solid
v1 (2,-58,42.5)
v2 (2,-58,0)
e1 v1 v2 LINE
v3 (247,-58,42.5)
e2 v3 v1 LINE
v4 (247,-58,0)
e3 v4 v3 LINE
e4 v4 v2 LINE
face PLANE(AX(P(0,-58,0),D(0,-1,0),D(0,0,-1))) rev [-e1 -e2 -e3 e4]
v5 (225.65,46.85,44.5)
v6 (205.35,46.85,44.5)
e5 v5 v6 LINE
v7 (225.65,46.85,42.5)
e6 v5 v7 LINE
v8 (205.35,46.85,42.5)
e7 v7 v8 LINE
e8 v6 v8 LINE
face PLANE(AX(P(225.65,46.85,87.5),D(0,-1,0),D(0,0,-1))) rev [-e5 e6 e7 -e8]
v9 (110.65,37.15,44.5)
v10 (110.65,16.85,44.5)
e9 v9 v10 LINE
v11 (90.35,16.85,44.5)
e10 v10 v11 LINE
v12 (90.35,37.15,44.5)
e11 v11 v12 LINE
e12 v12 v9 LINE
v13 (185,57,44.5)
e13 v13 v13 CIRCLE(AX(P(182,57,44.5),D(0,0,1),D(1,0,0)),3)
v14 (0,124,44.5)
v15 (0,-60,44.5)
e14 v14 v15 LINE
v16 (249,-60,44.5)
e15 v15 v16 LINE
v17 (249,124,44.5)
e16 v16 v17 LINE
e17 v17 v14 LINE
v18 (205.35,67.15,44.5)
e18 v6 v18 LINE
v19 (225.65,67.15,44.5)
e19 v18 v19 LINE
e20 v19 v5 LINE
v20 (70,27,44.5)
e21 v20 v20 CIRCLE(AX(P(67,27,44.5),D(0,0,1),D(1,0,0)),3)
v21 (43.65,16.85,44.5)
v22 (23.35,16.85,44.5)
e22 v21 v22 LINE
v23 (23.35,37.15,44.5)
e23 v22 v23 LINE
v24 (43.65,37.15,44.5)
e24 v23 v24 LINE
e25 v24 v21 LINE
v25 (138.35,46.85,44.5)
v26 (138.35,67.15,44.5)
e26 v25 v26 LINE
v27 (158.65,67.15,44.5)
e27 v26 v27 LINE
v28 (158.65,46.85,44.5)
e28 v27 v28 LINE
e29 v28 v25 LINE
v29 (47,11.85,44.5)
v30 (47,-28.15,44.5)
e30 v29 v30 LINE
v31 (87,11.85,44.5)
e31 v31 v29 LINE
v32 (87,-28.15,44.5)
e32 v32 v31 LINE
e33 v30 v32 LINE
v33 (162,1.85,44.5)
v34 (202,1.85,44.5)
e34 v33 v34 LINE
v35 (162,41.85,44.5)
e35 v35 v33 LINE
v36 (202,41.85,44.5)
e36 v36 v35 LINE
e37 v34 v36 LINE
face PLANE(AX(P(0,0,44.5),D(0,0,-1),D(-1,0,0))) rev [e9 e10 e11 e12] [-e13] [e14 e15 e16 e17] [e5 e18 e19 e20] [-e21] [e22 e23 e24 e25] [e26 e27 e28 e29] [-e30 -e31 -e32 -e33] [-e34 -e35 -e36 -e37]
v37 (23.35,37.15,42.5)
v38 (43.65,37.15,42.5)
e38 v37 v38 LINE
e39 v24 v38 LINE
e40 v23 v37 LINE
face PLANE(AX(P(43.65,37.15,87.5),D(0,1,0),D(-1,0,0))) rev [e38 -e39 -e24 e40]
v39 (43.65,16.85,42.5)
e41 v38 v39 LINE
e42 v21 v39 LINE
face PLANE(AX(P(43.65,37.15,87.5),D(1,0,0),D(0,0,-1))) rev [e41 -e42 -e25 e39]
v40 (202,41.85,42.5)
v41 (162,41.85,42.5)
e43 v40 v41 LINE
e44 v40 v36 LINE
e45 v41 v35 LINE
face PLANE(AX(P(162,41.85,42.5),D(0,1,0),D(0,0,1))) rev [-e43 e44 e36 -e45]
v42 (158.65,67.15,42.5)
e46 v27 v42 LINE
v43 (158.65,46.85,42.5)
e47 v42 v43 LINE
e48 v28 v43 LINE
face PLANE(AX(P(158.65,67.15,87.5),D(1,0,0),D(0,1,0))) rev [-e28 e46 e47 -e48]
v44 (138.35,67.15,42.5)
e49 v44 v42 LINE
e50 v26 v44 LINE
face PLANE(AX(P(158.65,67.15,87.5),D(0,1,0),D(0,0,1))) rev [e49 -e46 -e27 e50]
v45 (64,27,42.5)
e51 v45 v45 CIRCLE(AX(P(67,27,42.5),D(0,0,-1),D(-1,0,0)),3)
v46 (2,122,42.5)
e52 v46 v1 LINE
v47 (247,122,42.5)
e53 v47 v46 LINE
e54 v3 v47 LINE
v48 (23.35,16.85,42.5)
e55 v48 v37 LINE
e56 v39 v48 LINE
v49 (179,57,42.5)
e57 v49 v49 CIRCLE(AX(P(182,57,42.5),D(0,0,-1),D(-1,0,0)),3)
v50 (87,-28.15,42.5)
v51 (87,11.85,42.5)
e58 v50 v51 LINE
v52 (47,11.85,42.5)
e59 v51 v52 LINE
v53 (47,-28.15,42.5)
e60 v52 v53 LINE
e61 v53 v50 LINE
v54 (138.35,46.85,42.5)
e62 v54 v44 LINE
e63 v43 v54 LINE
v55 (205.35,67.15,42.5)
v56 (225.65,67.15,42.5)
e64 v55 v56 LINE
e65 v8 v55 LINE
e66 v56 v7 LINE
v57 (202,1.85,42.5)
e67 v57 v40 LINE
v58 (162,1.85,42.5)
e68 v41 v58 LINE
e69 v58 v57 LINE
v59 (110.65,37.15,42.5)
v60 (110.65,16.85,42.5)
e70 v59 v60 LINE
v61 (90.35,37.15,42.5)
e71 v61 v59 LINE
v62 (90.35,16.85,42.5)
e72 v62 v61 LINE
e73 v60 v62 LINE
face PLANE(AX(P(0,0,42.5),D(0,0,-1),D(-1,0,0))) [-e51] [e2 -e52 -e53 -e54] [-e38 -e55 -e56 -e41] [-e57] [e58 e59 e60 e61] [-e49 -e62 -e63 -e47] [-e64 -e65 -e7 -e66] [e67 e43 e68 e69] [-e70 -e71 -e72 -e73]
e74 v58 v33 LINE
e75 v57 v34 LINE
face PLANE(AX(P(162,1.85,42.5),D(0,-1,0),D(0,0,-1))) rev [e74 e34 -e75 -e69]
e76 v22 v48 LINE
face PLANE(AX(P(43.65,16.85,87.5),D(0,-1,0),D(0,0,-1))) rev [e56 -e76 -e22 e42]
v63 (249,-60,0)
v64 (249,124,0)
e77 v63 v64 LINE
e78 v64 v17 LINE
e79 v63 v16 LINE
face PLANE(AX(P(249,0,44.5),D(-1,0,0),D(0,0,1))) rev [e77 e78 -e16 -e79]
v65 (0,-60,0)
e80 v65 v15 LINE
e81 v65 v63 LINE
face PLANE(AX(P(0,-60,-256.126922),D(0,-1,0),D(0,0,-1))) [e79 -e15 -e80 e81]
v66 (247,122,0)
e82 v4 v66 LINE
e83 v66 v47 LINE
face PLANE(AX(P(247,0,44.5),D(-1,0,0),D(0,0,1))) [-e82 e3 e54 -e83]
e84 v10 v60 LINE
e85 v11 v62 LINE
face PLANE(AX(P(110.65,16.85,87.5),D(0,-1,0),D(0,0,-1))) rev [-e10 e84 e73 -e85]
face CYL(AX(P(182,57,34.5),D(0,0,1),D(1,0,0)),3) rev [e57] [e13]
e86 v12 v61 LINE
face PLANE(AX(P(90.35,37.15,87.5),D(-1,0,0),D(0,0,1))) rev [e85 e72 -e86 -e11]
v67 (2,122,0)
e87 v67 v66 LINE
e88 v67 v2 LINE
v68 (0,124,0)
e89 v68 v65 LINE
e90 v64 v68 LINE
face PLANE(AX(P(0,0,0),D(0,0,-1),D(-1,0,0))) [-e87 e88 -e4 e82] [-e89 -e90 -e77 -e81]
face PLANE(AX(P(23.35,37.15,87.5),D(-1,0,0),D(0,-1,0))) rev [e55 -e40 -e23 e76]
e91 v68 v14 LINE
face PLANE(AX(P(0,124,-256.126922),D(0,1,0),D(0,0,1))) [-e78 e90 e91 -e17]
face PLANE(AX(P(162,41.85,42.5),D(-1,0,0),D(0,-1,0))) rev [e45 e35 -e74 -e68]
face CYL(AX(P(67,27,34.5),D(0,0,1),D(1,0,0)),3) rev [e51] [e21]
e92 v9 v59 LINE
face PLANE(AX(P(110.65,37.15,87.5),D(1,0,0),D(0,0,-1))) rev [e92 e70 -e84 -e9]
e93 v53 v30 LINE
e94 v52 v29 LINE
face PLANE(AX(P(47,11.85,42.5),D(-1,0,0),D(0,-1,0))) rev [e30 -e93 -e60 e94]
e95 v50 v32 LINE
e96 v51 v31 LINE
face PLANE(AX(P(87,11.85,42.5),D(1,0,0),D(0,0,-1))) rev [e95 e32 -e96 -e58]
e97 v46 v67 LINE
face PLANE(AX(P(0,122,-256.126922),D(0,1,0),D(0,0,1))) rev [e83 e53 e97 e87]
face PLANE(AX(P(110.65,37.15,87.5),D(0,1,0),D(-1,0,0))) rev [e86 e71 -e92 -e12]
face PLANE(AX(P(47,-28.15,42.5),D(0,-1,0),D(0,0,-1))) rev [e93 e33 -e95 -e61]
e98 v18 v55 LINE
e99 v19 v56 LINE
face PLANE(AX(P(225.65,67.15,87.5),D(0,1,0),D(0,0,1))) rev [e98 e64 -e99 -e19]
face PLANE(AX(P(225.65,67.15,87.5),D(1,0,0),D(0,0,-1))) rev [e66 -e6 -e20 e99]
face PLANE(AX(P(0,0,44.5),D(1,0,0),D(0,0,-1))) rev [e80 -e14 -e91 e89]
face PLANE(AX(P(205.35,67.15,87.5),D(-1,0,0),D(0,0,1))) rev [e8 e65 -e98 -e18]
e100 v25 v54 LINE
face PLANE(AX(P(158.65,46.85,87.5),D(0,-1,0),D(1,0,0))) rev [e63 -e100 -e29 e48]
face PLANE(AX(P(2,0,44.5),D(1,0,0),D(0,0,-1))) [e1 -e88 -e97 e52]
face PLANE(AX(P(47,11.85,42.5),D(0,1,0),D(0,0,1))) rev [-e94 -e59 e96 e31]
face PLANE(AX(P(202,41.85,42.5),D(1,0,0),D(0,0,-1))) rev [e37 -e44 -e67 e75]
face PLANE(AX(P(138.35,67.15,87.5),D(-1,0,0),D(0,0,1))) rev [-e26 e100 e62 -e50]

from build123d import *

# Parameters (mm, degrees)
CROQUIS1_W              = 249
CROQUIS1_H              = 84
SALIENTE_EXTRUIR1_DEPTH = 44.5
VACIADO1_T              = -2
CROQUIS2_W              = 20.3
CROQUIS2_H              = 20.3
CORTAR_EXTRUIR1_DEPTH   = 45
CROQUIS4_R              = 3
CORTAR_EXTRUIR2_DEPTH   = 10
CROQUIS5_W              = 249
CROQUIS5_H              = 40
CROQUIS5_H_2            = 60
SALIENTE_EXTRUIR3_DEPTH = 44.5
CROQUIS7_W              = 245
CROQUIS7_H              = 40.5
CORTAR_EXTRUIR3_DEPTH   = 180
CROQUIS8_W              = 245
CROQUIS8_H              = 180
CORTAR_EXTRUIR4_DEPTH   = 42.5
CROQUIS9_W              = 40
CROQUIS9_H              = 40
CORTAR_EXTRUIR5_DEPTH   = 2


with BuildPart() as part:
    # Croquis1 → Saliente-Extruir1 (new body)
    with BuildSketch(Plane.XY):
        with Locations((124.5, 42)):
            Rectangle(CROQUIS1_W, CROQUIS1_H)
    extrude(amount=SALIENTE_EXTRUIR1_DEPTH)

    # Vaciado1
    vaciado1_openings = [part.faces().sort_by_distance(p)[0] for p in [
        (124.5, 42, 0),
    ]]
    offset(amount=VACIADO1_T, openings=vaciado1_openings, kind=Kind.INTERSECTION)

    # Croquis2 → Cortar-Extruir1 (cut)
    with BuildSketch(Plane(origin=(0, 0, 42.5), x_dir=(-1, 0, 0), z_dir=(0, 0, -1))):
        with Locations((-100.5, 27)):
            Rectangle(CROQUIS2_W, CROQUIS2_H)
        with Locations((-33.5, 27)):
            Rectangle(CROQUIS2_W, CROQUIS2_H)
        with Locations((-215.5, 57)):
            Rectangle(CROQUIS2_W, CROQUIS2_H)
        with Locations((-148.5, 57)):
            Rectangle(CROQUIS2_W, CROQUIS2_H)
    extrude(amount=-CORTAR_EXTRUIR1_DEPTH, mode=Mode.SUBTRACT)

    # Croquis4 → Cortar-Extruir2 (cut)
    with BuildSketch(Plane.XY.offset(44.5)):
        with Locations((67, 27)):
            Circle(CROQUIS4_R)
        with Locations((182, 57)):
            Circle(CROQUIS4_R)
    extrude(amount=-CORTAR_EXTRUIR2_DEPTH, mode=Mode.SUBTRACT)

    # Croquis5 → Saliente-Extruir3 (add)
    with BuildSketch(Plane.XY.offset(44.5)):
        with Locations((124.5, 104)):
            Rectangle(CROQUIS5_W, CROQUIS5_H)
        with Locations((124.5, -30)):
            Rectangle(CROQUIS5_W, CROQUIS5_H_2)
    extrude(amount=-SALIENTE_EXTRUIR3_DEPTH)

    # Croquis7 → Cortar-Extruir3 (cut)
    with BuildSketch(Plane(origin=(0, -58, 0), x_dir=(-1, 0, 0), z_dir=(0, -1, 0))):
        with Locations((-124.5, -22.25)):
            Rectangle(CROQUIS7_W, CROQUIS7_H)
    extrude(amount=-CORTAR_EXTRUIR3_DEPTH, mode=Mode.SUBTRACT)

    # Croquis8 → Cortar-Extruir4 (cut)
    with BuildSketch(Plane(origin=(0, 0, 0), x_dir=(-1, 0, 0), z_dir=(0, 0, -1))):
        with Locations((-124.5, 32)):
            Rectangle(CROQUIS8_W, CROQUIS8_H)
    extrude(amount=-CORTAR_EXTRUIR4_DEPTH, mode=Mode.SUBTRACT)

    # Croquis9 → Cortar-Extruir5 (cut)
    with BuildSketch(Plane.XY.offset(44.5)):
        with Locations((67, -8.15)):
            Rectangle(CROQUIS9_W, CROQUIS9_H)
        with Locations((182, 21.85)):
            Rectangle(CROQUIS9_W, CROQUIS9_H)
    extrude(amount=-CORTAR_EXTRUIR5_DEPTH, mode=Mode.SUBTRACT)


solid = part.part
